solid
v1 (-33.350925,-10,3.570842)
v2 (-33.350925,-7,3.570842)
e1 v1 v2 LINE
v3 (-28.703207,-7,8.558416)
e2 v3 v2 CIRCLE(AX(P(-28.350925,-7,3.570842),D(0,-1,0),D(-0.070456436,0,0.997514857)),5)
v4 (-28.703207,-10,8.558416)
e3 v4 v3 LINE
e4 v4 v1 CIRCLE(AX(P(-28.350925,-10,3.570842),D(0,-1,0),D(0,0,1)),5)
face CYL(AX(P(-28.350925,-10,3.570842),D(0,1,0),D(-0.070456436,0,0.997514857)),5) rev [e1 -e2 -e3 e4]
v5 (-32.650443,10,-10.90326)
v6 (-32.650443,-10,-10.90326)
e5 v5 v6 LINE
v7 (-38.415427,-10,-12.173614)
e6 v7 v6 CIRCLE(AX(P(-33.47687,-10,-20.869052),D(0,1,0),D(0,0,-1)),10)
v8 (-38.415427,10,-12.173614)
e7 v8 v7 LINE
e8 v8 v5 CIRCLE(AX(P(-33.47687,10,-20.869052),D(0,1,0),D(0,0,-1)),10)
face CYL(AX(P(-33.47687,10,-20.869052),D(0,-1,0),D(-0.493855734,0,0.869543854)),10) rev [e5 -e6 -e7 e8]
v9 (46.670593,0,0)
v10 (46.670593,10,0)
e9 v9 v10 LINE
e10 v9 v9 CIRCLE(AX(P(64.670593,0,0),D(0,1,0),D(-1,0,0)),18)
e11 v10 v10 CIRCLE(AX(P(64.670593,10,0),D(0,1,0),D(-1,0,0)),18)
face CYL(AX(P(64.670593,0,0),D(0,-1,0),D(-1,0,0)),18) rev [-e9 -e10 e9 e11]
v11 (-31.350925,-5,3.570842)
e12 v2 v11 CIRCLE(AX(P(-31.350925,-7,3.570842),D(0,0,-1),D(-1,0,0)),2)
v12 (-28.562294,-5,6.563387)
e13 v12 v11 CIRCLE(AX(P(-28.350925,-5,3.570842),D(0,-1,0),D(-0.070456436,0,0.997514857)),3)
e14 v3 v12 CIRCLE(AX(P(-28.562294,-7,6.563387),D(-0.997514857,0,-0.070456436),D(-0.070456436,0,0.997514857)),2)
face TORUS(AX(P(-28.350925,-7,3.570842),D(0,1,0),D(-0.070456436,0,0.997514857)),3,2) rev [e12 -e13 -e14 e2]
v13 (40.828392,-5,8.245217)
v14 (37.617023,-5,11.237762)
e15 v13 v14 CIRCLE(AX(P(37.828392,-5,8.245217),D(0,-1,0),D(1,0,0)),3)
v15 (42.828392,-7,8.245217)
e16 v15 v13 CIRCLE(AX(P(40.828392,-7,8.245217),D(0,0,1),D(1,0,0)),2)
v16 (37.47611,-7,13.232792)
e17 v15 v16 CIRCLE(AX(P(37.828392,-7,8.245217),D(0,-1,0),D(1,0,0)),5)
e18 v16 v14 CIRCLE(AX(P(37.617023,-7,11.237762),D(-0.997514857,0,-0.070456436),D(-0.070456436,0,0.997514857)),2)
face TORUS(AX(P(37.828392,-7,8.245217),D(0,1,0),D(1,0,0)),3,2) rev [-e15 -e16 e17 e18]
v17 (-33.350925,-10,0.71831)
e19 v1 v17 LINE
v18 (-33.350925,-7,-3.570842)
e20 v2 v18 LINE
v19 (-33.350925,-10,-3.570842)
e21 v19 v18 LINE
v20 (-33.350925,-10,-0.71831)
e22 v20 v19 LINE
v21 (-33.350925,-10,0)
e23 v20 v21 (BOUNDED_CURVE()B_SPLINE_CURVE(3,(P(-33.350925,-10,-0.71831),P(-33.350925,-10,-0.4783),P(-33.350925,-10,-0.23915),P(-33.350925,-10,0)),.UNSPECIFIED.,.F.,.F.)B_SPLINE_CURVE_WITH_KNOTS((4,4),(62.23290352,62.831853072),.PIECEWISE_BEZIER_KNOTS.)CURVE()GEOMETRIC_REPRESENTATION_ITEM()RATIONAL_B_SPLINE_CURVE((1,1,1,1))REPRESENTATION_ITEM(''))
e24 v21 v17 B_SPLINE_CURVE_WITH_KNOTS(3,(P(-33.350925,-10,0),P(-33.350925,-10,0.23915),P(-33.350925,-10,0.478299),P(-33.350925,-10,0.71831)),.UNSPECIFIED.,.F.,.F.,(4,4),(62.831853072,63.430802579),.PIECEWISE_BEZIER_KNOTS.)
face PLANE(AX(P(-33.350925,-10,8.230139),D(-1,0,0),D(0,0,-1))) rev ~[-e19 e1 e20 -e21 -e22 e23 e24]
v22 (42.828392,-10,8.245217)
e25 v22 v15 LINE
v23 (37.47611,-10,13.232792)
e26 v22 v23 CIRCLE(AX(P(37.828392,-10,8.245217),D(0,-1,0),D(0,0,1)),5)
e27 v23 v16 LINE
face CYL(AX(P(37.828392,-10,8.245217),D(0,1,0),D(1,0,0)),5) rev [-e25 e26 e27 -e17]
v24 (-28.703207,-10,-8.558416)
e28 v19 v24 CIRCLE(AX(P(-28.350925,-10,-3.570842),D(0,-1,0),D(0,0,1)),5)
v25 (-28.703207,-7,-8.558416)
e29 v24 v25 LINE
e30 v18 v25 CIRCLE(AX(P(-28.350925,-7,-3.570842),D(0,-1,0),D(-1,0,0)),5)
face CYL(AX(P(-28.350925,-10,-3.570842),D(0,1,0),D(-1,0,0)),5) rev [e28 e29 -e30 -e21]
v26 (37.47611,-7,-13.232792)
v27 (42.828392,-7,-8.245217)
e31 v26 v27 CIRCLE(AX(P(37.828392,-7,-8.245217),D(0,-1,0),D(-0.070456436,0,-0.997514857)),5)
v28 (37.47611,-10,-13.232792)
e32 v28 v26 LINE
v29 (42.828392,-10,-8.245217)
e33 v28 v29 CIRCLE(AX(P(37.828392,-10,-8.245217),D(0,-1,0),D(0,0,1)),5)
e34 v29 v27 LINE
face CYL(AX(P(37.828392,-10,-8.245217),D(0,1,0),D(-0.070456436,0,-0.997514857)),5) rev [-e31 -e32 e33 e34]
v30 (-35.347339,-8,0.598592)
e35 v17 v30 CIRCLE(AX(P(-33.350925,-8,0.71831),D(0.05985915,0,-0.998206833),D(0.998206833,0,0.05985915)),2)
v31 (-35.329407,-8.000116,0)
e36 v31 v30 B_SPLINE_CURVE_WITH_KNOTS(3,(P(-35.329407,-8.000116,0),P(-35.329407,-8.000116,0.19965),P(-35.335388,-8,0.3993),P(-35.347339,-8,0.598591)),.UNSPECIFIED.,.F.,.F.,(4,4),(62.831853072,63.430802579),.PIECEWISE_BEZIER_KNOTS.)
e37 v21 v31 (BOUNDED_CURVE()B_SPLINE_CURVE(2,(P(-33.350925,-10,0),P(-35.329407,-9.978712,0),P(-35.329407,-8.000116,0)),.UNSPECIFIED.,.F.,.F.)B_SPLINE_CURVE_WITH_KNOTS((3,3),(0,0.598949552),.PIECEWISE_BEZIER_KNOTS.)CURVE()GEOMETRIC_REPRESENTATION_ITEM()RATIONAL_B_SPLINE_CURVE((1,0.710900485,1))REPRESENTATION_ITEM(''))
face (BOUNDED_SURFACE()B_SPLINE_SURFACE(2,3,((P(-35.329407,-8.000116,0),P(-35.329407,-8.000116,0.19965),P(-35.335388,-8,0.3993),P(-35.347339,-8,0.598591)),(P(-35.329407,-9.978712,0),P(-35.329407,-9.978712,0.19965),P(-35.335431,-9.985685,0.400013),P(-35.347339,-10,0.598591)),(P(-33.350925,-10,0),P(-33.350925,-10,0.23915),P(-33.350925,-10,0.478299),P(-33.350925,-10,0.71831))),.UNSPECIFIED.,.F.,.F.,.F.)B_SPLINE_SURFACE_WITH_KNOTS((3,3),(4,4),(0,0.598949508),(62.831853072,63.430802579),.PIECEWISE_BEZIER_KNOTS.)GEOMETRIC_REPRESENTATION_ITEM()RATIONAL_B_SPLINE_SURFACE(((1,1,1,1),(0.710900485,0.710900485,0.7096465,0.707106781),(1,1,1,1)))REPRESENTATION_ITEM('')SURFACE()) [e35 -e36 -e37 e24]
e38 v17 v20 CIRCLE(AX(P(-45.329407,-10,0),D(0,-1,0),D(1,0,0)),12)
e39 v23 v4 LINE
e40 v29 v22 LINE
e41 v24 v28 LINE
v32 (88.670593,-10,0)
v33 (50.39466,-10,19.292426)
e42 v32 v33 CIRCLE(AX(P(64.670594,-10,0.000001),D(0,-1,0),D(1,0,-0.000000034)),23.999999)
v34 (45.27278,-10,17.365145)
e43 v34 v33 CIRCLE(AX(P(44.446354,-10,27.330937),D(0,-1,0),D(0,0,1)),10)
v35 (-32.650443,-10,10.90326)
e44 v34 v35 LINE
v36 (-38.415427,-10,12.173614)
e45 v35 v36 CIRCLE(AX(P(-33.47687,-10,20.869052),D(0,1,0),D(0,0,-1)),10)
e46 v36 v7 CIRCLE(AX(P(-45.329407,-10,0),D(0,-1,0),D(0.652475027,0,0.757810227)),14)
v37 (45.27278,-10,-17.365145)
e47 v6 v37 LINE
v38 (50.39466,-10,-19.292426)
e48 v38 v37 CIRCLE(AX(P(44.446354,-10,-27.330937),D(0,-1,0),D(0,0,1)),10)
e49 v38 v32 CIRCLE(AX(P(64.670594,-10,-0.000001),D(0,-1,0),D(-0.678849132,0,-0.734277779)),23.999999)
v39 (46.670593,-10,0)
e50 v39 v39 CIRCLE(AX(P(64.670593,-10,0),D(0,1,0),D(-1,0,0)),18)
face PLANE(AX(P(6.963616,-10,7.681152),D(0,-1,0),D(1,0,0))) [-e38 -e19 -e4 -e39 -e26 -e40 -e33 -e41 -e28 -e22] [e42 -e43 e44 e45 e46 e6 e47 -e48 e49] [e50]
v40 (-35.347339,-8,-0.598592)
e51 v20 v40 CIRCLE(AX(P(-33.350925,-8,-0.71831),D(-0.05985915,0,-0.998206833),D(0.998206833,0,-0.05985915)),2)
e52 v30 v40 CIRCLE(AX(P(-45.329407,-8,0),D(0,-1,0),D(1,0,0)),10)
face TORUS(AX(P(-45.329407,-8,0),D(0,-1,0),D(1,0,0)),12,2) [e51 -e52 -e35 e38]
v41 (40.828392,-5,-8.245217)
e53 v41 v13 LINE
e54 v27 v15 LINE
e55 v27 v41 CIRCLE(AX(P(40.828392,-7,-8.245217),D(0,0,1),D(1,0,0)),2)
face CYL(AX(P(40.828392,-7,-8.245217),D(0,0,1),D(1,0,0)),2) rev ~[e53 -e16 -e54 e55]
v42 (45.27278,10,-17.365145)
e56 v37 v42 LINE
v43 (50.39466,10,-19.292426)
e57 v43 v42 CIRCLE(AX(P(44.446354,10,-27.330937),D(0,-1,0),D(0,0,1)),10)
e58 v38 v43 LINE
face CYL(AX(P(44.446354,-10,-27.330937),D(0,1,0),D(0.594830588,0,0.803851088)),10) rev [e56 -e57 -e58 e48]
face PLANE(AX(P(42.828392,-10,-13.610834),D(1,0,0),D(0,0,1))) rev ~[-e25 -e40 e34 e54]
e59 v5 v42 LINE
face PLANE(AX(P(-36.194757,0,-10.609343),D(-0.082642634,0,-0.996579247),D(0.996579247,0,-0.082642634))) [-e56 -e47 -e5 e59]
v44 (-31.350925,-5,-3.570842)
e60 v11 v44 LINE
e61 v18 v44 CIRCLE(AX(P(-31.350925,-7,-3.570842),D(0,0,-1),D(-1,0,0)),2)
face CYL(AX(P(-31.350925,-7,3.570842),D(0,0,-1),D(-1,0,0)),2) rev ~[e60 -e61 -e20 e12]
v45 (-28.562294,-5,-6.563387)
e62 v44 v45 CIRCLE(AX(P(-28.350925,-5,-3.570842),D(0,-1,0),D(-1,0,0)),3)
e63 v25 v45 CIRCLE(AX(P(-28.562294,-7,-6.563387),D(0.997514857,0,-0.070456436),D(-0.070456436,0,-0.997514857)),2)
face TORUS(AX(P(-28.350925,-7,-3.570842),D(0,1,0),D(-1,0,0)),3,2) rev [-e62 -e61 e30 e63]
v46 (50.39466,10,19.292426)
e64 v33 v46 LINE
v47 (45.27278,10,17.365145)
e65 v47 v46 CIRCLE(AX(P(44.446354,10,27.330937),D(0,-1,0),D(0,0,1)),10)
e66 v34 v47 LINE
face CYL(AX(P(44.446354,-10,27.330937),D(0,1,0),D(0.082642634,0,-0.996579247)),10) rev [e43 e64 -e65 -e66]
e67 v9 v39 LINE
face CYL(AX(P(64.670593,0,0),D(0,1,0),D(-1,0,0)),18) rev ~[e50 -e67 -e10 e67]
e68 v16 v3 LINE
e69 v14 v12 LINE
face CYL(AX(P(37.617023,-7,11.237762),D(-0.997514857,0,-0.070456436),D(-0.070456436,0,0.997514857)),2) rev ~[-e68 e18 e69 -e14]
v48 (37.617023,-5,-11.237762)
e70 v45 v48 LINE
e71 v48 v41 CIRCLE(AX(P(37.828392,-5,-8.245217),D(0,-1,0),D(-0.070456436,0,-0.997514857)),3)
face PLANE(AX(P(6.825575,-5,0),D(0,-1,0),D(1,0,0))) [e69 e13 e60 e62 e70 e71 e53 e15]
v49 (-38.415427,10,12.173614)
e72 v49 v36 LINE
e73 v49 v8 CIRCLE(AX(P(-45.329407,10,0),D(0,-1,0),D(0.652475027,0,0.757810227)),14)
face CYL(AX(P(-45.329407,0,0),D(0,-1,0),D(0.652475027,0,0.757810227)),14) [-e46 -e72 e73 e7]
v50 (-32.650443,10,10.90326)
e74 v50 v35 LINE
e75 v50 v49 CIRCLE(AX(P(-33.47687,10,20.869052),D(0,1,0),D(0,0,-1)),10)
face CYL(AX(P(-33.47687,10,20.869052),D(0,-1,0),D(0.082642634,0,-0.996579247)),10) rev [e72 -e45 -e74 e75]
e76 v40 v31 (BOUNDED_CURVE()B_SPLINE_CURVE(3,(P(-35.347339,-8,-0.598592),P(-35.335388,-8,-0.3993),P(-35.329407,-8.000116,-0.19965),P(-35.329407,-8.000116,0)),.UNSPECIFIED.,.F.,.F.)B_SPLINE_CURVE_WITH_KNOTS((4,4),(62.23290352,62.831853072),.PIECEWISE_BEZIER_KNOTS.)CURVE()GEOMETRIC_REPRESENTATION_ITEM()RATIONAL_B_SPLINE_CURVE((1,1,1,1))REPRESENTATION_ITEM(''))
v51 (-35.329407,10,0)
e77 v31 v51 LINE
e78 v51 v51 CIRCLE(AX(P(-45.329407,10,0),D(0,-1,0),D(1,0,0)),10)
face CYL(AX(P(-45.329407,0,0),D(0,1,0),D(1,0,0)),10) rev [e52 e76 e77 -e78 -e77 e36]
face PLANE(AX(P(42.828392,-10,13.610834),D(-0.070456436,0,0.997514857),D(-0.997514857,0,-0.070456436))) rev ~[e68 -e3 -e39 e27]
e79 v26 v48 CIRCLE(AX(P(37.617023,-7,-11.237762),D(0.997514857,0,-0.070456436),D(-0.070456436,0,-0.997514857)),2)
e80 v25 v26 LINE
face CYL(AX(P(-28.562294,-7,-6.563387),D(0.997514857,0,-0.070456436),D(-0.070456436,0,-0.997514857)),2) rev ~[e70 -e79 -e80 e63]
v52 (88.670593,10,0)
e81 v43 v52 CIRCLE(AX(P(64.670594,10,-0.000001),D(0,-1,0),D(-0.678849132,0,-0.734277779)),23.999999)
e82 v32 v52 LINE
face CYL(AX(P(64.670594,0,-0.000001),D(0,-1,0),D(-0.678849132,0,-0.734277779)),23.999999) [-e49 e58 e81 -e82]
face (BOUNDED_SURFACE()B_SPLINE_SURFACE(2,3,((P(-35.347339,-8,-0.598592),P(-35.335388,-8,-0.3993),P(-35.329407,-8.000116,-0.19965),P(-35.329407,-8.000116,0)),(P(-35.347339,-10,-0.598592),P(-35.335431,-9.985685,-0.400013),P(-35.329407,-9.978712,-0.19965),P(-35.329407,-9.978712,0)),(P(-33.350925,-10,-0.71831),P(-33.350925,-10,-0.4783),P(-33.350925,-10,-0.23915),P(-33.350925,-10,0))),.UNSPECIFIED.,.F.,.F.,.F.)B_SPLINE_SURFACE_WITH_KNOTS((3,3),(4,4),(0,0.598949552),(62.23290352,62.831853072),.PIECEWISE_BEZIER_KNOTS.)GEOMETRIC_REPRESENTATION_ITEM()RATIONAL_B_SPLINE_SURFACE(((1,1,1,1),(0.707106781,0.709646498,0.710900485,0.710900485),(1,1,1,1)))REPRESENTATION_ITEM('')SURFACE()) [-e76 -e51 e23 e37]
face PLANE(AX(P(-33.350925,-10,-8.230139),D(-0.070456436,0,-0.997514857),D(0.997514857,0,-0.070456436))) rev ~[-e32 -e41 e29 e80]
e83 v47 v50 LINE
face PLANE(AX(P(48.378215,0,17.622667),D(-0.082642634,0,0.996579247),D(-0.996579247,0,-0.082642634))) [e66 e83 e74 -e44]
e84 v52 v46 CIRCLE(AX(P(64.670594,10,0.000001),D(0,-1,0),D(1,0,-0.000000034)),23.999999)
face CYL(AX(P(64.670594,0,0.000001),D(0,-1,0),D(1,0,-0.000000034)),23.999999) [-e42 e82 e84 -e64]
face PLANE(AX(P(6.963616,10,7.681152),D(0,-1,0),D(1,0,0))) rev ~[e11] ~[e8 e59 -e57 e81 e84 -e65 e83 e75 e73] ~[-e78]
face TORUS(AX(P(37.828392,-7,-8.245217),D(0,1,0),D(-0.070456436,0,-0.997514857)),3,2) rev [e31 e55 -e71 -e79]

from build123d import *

# Parameters (mm, degrees)
F0_R     = 10
F1_DEPTH = 10
F2_R     = 10
F3_R     = 10
F5_DEPTH = 5
F6_R     = 5
F7_R     = 5
F8_R     = 2


with BuildPart() as f1:
    # F0 (on Front) → F1 (new body, symmetric)
    with BuildSketch(Plane.XZ):
        with BuildLine():
            ThreePointArc((-36.194757, 10.609343), (-32.603742, 5.835876), (-31.329407, 0))
            Line((-31.329407, 0), (40.670593, 0))
            ThreePointArc((40.670593, 0), (42.681766, 9.617248), (48.378215, 17.622667))
            Line((48.378215, 17.622667), (-36.194757, 10.609343))
        make_face()
        with BuildLine():
            Line((40.670593, 0), (-31.329407, 0))
            ThreePointArc((-31.329407, 0), (-32.603742, -5.835876), (-36.194757, -10.609343))
            Line((-36.194757, -10.609343), (48.378215, -17.622667))
            ThreePointArc((48.378215, -17.622667), (42.681766, -9.617248), (40.670593, 0))
        make_face()
        with BuildLine():
            ThreePointArc((48.378215, 17.622667), (42.681766, 9.617248), (40.670593, 0))
            ThreePointArc((40.670593, 0), (42.681766, -9.617248), (48.378215, -17.622667))
            ThreePointArc((48.378215, -17.622667), (74.287841, -21.988828), (88.670593, 0))
            ThreePointArc((88.670593, 0), (74.287841, 21.988828), (48.378215, 17.622667))
        make_face()
        with BuildLine():
            ThreePointArc((82.670593, 0), (64.670593, -18), (46.670593, 0))
            ThreePointArc((46.670593, 0), (64.670593, 18), (82.670593, 0))
        make_face(mode=Mode.SUBTRACT)
        with BuildLine():
            ThreePointArc((-36.194757, -10.609343), (-32.603742, -5.835876), (-31.329407, 0))
            ThreePointArc((-31.329407, 0), (-32.603742, 5.835876), (-36.194757, 10.609343))
            ThreePointArc((-36.194757, 10.609343), (-59.329407, 0), (-36.194757, -10.609343))
        make_face()
        with Locations((-45.329407, 0)):
            Circle(F0_R, mode=Mode.SUBTRACT)
    extrude(amount=F1_DEPTH, both=True)

    # F2
    f2_edges = [f1.edges().sort_by_distance(p)[0] for p in [
        (-36.194757, 0, 10.609343),
    ]]
    fillet(f2_edges, radius=F2_R)

    # F3
    f3_edges = [f1.edges().sort_by_distance(p)[0] for p in [
        (48.378215, 5, 17.622667),
        (48.378215, 5, -17.622667),
        (-36.194757, 0, -10.609343),
    ]]
    fillet(f3_edges, radius=F3_R)

    # F4 (on face) → F5 (cut)
    with BuildSketch(Plane.XZ.offset(10)):
        Polygon((42.828392, 13.610834), (-33.350925, 8.230139), (-33.350925, -8.230139), (42.828392, -13.610834), align=None)
    extrude(amount=-F5_DEPTH, mode=Mode.SUBTRACT)

    # F6
    f6_edges = [f1.edges().sort_by_distance(p)[0] for p in [
        (-33.350925, -7.5, 8.230139),
        (-33.350925, -7.5, -8.230139),
    ]]
    fillet(f6_edges, radius=F6_R)

    # F7
    f7_edges = [f1.edges().sort_by_distance(p)[0] for p in [
        (42.828392, -7.5, 13.610834),
        (42.828392, -7.5, -13.610834),
    ]]
    fillet(f7_edges, radius=F7_R)

    # F8
    f8_edges = [f1.edges().sort_by_distance(p)[0] for p in [
        (4.386452, -5, 10.895604),
        (-55.329407, -10, 0),
    ]]
    fillet(f8_edges, radius=F8_R)


solid = f1.part
